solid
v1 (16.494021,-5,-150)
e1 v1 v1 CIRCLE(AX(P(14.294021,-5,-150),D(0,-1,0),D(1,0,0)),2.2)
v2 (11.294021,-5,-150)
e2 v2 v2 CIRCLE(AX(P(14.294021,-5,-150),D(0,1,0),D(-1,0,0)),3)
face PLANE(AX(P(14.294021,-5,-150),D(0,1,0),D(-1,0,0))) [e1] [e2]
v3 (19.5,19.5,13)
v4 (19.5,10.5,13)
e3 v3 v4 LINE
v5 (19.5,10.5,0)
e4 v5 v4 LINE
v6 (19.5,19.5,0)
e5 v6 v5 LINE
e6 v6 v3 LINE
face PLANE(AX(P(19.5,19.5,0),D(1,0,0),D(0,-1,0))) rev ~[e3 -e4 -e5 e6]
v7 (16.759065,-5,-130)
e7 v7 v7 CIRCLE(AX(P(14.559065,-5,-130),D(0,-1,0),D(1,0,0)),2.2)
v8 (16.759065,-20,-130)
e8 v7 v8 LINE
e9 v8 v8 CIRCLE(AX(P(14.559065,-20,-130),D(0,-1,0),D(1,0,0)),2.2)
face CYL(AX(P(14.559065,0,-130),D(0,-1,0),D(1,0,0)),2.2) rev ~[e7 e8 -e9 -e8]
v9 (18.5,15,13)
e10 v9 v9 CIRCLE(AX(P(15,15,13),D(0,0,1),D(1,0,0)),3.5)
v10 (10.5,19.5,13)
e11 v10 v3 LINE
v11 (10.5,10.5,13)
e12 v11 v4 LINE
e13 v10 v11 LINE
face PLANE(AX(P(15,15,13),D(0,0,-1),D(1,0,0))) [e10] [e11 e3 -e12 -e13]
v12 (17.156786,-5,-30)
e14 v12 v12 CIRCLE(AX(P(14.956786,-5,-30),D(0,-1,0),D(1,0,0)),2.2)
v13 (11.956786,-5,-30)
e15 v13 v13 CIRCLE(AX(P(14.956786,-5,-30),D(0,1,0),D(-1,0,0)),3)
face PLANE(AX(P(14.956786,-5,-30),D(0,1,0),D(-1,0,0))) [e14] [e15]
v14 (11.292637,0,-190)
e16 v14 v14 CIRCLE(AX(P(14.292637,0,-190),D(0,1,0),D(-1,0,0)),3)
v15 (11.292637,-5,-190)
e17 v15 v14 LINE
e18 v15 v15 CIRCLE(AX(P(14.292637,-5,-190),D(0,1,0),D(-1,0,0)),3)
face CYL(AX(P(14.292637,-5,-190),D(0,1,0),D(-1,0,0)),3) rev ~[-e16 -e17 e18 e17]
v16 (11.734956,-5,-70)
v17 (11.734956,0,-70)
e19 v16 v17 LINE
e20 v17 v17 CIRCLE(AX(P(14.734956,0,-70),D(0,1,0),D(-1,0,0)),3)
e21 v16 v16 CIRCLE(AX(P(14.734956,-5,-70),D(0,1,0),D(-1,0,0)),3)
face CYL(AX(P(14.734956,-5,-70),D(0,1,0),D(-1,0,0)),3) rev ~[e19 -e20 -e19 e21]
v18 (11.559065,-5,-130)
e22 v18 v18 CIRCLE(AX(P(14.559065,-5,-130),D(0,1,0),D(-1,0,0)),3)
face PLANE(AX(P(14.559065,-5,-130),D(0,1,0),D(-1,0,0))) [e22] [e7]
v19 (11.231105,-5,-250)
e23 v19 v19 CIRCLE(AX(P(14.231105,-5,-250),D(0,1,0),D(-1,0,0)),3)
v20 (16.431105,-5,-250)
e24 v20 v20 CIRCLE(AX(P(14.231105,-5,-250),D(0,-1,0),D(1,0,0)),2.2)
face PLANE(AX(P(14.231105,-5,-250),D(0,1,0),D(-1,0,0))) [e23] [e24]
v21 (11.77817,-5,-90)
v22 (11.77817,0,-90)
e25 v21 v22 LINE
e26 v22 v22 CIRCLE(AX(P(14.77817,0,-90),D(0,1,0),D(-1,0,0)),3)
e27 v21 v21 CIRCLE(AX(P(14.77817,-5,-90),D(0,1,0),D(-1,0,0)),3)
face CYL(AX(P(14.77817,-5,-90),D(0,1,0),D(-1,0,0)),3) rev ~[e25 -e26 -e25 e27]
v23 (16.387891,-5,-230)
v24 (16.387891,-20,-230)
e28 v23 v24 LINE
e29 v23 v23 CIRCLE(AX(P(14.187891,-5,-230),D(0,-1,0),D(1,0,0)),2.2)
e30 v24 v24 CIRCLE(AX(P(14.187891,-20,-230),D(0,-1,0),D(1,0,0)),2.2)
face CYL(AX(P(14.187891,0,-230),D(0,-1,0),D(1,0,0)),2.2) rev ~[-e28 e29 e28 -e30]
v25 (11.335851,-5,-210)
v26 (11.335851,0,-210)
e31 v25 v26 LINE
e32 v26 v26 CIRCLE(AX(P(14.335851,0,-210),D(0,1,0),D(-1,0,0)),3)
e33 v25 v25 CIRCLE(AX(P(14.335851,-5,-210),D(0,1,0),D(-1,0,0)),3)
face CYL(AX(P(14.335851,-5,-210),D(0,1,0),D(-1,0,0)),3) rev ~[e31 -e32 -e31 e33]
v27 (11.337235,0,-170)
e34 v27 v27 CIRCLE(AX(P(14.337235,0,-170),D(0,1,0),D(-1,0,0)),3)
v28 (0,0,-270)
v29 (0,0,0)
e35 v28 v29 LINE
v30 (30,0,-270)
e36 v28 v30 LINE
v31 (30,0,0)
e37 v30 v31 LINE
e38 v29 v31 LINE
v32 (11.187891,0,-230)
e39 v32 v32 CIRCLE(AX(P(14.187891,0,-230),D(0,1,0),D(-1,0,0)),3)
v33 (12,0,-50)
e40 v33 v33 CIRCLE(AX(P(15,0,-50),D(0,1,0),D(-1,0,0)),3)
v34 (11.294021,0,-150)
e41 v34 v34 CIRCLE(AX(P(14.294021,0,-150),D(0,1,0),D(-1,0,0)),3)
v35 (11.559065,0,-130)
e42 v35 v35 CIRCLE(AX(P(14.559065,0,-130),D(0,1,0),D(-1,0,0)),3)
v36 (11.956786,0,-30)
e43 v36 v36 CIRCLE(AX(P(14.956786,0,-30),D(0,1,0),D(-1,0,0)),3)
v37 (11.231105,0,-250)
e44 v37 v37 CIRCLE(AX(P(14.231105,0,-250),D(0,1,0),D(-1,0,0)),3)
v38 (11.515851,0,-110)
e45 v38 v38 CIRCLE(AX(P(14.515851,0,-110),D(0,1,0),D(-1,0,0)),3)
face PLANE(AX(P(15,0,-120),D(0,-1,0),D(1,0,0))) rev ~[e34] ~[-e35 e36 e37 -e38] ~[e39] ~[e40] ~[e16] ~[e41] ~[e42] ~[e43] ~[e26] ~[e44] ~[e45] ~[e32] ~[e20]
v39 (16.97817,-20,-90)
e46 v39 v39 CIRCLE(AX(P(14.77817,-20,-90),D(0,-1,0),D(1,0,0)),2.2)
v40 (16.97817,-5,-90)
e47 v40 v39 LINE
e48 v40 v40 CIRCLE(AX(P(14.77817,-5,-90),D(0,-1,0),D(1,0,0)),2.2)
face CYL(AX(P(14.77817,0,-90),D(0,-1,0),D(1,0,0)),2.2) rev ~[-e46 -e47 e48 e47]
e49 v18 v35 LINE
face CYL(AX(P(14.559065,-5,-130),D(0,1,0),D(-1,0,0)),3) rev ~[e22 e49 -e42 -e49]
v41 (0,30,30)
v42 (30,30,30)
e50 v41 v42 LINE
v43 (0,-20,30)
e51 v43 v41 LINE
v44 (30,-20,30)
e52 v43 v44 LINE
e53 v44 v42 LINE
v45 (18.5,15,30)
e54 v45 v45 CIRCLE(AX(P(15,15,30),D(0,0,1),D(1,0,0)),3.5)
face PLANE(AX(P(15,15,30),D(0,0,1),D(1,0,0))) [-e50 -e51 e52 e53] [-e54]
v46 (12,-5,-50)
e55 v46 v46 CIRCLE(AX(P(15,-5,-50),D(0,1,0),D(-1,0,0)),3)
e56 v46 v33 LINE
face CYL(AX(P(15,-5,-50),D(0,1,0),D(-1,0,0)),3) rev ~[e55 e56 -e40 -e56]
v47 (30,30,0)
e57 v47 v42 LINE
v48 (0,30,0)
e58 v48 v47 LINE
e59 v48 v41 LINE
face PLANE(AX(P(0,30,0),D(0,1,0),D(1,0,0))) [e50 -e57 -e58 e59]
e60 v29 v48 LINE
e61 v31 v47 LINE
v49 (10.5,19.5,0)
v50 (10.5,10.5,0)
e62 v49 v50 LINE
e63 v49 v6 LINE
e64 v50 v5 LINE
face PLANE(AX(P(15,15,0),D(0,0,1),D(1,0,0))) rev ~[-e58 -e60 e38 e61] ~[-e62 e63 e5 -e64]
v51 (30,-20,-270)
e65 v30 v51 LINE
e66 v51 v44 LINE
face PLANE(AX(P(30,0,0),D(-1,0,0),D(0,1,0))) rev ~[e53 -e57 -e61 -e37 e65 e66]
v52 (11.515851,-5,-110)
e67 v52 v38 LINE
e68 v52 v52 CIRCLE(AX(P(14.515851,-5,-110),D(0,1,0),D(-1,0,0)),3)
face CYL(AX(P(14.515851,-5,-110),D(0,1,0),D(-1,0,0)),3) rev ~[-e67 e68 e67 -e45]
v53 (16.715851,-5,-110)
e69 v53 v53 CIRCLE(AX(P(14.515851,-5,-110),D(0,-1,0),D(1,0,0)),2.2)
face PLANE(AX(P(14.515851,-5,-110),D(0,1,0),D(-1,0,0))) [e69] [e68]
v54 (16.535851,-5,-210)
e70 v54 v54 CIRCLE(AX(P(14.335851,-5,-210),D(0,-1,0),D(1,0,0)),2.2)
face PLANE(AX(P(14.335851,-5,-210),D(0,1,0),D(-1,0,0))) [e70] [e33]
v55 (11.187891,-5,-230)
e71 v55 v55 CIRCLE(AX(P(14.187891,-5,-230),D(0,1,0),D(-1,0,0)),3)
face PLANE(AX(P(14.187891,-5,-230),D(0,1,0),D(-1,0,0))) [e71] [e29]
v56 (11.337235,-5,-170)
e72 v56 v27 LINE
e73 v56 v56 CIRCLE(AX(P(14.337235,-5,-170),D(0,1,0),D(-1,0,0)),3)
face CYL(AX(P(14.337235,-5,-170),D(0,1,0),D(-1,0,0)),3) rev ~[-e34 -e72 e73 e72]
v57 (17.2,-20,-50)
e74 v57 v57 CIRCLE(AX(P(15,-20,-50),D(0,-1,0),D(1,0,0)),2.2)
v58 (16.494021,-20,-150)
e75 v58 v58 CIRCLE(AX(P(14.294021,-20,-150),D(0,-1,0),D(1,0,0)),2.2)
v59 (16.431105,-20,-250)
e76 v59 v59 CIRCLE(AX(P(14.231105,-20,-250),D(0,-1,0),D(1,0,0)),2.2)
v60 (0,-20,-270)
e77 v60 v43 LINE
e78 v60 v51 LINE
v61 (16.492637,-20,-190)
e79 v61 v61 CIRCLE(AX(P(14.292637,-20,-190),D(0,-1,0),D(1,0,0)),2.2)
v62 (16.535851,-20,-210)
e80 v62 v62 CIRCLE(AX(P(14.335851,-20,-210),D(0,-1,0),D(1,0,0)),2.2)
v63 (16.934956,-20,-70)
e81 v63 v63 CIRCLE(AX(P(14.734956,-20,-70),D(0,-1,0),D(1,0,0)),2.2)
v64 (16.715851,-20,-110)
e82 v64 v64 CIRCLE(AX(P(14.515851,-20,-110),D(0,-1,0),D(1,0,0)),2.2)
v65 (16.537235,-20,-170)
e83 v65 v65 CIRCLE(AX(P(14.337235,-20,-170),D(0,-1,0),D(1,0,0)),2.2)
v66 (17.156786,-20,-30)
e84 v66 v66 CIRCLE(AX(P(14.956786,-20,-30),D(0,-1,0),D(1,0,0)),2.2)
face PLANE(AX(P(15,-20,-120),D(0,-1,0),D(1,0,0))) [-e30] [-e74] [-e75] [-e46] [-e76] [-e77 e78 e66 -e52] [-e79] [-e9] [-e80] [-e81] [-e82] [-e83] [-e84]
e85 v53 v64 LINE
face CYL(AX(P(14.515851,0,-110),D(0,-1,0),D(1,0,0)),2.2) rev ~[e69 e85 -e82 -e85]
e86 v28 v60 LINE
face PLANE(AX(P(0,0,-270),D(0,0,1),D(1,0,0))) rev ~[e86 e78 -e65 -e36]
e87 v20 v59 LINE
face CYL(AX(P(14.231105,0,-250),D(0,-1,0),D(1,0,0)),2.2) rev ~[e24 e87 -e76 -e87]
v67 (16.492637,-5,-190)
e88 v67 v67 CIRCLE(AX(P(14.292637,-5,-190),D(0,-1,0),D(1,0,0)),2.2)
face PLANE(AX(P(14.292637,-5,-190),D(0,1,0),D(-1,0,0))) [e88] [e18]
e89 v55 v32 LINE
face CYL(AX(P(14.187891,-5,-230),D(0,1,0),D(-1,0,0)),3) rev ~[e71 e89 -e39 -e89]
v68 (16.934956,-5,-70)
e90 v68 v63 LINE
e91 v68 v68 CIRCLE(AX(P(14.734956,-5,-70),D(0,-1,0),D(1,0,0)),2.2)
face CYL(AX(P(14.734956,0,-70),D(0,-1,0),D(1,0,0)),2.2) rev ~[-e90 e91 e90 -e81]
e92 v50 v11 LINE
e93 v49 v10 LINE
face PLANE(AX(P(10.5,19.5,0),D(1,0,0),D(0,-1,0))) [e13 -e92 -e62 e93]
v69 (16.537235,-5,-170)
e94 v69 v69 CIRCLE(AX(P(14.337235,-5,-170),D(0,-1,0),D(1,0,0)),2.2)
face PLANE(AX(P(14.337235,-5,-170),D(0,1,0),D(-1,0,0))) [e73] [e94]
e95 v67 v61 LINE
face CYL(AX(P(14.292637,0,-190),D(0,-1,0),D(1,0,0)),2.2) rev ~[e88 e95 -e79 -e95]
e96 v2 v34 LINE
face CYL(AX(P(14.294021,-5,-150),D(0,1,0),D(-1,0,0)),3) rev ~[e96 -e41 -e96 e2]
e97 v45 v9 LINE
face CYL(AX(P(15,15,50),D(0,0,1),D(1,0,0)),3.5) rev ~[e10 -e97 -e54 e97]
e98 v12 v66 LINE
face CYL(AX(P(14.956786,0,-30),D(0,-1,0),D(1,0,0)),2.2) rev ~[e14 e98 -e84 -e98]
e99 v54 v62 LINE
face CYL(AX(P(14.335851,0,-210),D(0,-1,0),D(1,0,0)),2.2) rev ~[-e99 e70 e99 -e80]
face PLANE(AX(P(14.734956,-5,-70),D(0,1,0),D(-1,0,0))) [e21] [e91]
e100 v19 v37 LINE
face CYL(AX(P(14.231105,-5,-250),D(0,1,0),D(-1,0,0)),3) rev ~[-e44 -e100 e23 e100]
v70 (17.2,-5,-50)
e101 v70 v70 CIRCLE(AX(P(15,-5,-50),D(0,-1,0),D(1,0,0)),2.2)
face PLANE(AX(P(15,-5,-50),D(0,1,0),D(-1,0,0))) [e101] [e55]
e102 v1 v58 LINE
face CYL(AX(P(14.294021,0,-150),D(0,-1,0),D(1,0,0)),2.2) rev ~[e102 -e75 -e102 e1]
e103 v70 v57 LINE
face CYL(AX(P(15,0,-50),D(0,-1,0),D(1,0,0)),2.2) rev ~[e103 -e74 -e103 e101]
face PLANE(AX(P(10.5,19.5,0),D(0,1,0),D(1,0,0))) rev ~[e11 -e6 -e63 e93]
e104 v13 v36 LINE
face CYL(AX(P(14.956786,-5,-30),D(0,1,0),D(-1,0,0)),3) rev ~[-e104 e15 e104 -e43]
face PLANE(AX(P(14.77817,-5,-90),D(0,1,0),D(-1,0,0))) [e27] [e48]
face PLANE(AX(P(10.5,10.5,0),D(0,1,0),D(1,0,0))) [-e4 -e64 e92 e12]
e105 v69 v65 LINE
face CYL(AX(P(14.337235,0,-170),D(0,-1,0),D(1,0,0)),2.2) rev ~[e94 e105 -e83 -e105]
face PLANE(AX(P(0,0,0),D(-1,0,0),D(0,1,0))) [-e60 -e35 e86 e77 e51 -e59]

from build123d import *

# Parameters (mm, degrees)
SKETCH001_W      = 9
SKETCH001_H      = 9
PAD001_DEPTH     = 13
SKETCH002_R      = 3.5
PAD002_DEPTH     = 37
SKETCH_W         = 30
SKETCH_H         = 30
PAD_DEPTH        = 30
SKETCH003_W      = 30
SKETCH003_H      = 300
PAD003_DEPTH     = 20
HOLE_D           = 4.4
HOLE_DEPTH       = 25
HOLE_CBORE_D     = 6
HOLE_CBORE_DEPTH = 5


with BuildPart() as body001:
    # Sketch001 (on Face1 of CopyPad) → Pad001 (new body)
    with BuildSketch(Plane(origin=(0, 0, 0), x_dir=(1, 0, 0), z_dir=(0, 0, -1))):
        with Locations((15, -15)):
            Rectangle(SKETCH001_W, SKETCH001_H)
    extrude(amount=-PAD001_DEPTH)


with BuildPart() as body002:
    # Sketch002 (on Face1 of CopyPad001) → Pad002 (new body)
    with BuildSketch(Plane.XY.offset(50)):
        with Locations((15, 15)):
            Circle(SKETCH002_R)
    extrude(amount=-PAD002_DEPTH)


with BuildPart() as body:
    # Sketch → Pad (new body)
    with BuildSketch(Plane.XY):
        with Locations((15, 15)):
            Rectangle(SKETCH_W, SKETCH_H)
    extrude(amount=PAD_DEPTH)

    # Boolean: cut Body001
    add(body001.part, mode=Mode.SUBTRACT)

    # Boolean001: cut Body002
    add(body002.part, mode=Mode.SUBTRACT)


with BuildPart() as body003:
    # Sketch003 (on Face1 of CopyBoolean001) → Pad003 (new body)
    with BuildSketch(Plane.XZ):
        with Locations((15, -120)):
            Rectangle(SKETCH003_W, SKETCH003_H)
    extrude(amount=PAD003_DEPTH)

    # Hole
    with Locations(Plane(origin=(0, 0, 0), x_dir=(-1, 0, 0), z_dir=(0, 1, 0))):
        with Locations((-15, -50), (-14.956786, -30), (-14.77817, -90), (-14.734956, -70), (-14.559065, -130), (-14.515851, -110), (-14.337235, -170), (-14.294021, -150), (-14.335851, -210), (-14.292637, -190), (-14.231105, -250), (-14.187891, -230)):
            CounterBoreHole(HOLE_D / 2, HOLE_CBORE_D / 2, HOLE_CBORE_DEPTH, depth=HOLE_DEPTH)

    # Boolean002: union Body
    add(body.part)


solid = body003.part
